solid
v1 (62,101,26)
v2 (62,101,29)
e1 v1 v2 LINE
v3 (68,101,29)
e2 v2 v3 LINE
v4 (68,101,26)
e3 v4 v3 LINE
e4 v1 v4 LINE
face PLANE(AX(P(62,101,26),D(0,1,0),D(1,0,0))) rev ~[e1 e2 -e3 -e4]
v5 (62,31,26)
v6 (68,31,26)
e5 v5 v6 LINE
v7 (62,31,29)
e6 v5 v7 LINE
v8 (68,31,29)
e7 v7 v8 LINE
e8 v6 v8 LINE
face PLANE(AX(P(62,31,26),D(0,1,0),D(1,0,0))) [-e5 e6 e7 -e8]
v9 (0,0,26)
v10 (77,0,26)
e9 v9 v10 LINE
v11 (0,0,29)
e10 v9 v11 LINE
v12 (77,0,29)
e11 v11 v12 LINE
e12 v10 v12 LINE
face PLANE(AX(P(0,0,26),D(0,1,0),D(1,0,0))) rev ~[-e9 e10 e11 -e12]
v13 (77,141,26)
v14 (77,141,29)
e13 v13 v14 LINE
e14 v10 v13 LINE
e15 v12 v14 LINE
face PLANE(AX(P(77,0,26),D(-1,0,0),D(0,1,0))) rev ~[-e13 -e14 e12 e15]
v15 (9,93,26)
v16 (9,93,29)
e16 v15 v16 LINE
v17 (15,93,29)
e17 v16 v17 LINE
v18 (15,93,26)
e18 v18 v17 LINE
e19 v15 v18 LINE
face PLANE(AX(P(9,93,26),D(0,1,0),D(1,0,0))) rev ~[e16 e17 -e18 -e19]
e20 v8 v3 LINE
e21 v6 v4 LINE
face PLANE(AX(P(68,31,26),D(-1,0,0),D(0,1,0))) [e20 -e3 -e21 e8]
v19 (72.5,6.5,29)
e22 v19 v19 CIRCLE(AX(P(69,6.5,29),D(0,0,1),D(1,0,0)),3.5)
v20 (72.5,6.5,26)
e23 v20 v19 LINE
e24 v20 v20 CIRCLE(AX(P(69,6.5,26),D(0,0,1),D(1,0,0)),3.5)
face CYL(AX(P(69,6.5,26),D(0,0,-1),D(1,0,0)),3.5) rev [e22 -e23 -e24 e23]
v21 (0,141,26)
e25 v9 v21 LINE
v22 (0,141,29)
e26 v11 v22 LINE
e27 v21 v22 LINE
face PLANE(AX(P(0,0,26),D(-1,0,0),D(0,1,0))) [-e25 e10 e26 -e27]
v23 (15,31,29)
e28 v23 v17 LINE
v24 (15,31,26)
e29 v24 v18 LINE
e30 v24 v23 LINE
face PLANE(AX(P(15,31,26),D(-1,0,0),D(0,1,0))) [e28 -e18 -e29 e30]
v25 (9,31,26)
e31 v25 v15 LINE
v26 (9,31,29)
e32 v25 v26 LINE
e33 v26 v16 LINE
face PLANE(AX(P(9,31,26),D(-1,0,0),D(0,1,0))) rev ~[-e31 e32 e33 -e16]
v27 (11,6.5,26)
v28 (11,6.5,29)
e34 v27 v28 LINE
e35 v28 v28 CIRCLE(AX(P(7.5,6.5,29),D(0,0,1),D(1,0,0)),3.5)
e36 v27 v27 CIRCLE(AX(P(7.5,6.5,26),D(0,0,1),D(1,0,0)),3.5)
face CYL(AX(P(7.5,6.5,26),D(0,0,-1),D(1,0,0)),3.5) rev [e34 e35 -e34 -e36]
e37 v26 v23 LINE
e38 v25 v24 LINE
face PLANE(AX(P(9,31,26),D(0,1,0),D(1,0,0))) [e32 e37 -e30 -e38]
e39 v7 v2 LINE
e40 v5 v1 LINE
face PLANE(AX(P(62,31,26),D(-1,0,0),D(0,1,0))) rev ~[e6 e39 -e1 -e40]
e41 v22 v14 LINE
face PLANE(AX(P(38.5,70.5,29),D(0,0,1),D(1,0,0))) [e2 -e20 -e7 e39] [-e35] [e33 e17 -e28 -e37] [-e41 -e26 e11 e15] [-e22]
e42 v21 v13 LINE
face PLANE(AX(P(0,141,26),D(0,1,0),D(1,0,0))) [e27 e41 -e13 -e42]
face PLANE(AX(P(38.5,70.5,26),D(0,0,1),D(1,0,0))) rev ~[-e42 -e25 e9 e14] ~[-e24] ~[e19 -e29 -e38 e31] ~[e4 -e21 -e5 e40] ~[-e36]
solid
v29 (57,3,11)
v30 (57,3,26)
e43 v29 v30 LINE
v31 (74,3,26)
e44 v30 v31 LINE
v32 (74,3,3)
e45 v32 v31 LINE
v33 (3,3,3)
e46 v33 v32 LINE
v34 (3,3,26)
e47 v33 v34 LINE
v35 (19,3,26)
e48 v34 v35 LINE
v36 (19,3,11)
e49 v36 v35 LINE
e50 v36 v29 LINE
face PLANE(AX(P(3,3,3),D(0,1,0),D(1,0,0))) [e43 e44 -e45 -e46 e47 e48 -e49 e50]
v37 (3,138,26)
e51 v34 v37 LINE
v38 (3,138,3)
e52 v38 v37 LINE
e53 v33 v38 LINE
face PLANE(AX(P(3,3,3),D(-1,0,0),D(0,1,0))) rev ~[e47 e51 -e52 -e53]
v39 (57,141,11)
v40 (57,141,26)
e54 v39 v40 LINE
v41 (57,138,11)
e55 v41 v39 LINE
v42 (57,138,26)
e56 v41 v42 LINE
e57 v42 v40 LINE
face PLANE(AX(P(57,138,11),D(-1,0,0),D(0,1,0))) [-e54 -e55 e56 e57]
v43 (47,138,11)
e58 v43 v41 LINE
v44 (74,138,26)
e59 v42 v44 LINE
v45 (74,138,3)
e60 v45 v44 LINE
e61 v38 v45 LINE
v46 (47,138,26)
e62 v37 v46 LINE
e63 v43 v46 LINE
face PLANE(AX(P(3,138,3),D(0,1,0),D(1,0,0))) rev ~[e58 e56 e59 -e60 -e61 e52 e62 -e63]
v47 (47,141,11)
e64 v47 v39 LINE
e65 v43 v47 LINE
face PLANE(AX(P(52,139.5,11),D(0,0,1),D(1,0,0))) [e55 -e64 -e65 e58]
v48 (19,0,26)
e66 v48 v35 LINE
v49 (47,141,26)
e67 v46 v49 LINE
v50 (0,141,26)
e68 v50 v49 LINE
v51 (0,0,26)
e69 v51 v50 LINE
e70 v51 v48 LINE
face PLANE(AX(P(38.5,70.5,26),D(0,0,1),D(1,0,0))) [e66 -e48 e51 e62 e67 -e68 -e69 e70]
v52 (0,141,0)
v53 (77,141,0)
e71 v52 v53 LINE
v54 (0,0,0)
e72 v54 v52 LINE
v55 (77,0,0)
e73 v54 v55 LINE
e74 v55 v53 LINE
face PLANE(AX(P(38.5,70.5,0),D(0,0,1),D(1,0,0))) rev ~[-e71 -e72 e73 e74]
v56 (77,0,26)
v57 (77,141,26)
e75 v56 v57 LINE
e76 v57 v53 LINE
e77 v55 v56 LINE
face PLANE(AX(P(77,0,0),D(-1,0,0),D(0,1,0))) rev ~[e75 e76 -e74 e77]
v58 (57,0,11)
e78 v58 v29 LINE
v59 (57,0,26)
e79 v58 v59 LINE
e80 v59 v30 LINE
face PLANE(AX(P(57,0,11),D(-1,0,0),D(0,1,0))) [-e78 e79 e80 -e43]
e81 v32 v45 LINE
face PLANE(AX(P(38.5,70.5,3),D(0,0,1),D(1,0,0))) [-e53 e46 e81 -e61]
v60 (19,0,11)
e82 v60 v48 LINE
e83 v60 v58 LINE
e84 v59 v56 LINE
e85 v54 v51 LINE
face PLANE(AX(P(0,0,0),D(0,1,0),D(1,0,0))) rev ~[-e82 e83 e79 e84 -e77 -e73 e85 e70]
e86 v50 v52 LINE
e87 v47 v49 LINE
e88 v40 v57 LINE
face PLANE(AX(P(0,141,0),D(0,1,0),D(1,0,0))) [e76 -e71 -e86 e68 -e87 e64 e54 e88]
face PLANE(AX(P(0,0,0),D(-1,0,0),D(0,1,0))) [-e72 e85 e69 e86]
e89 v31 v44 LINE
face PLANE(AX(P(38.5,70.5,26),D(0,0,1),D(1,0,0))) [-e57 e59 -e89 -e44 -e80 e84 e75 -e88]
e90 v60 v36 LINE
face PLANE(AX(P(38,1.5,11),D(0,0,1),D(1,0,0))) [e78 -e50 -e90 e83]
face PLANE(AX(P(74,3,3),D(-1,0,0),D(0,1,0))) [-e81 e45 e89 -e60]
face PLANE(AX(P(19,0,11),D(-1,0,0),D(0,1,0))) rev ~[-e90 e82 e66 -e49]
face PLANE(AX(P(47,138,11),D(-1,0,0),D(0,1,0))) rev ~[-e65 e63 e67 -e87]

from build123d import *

# Parameters (mm, degrees)
BOX004_W          = 10
BOX004_H          = 3
BOX004_DEPTH      = 15
BOX003_W          = 38
BOX003_H          = 3
BOX003_DEPTH      = 15
BOX002_W          = 77
BOX002_H          = 141
BOX002_DEPTH      = 3
BOX001_W          = 71
BOX001_H          = 135
BOX001_DEPTH      = 23
BOX_W             = 77
BOX_H             = 141
BOX_DEPTH         = 23
BOX007_W          = 6
BOX007_H          = 70
BOX007_DEPTH      = 3
BOX006_W          = 6
BOX006_H          = 62
BOX006_DEPTH      = 3
CYLINDER001_R     = 3.5
CYLINDER001_DEPTH = 3
CYLINDER_R        = 3.5
CYLINDER_DEPTH    = 3
BOX005_W          = 77
BOX005_H          = 141
BOX005_DEPTH      = 3


with BuildPart() as box004:
    # Box004 → Box004 (new body)
    with BuildSketch(Plane(origin=(47, 138, 11), x_dir=(1, 0, 0), z_dir=(0, 0, 1))):
        with Locations((5, 1.5)):
            Rectangle(BOX004_W, BOX004_H)
    extrude(amount=BOX004_DEPTH)


with BuildPart() as box003:
    # Box003 → Box003 (new body)
    with BuildSketch(Plane(origin=(19, 0, 11), x_dir=(1, 0, 0), z_dir=(0, 0, 1))):
        with Locations((19, 1.5)):
            Rectangle(BOX003_W, BOX003_H)
    extrude(amount=BOX003_DEPTH)


with BuildPart() as box002:
    # Box002 → Box002 (new body)
    with BuildSketch(Plane.XY):
        with Locations((38.5, 70.5)):
            Rectangle(BOX002_W, BOX002_H)
    extrude(amount=BOX002_DEPTH)


with BuildPart() as b:
    # Box001 → Box001 (new body)
    with BuildSketch(Plane(origin=(3, 3, 0), x_dir=(1, 0, 0), z_dir=(0, 0, 1))):
        with Locations((35.5, 67.5)):
            Rectangle(BOX001_W, BOX001_H)
    extrude(amount=BOX001_DEPTH)


with BuildPart() as carcasa:
    # Box → Box (new body)
    with BuildSketch(Plane.XY):
        with Locations((38.5, 70.5)):
            Rectangle(BOX_W, BOX_H)
    extrude(amount=BOX_DEPTH)

    # Cut: cut b
    add(b.part, mode=Mode.SUBTRACT)


with BuildPart() as carcasa_1:
    # Cut placement: moved
    add(carcasa.part.moved(Location((0, 0, 3))))

    # Fusion: union Box002
    add(box002.part)

    # Cut001: cut Box003
    add(box003.part, mode=Mode.SUBTRACT)

    # Cut002: cut Box004
    add(box004.part, mode=Mode.SUBTRACT)


with BuildPart() as rejilla2:
    # Box007 → Box007 (new body)
    with BuildSketch(Plane(origin=(62, 31, 26), x_dir=(1, 0, 0), z_dir=(0, 0, 1))):
        with Locations((3, 35)):
            Rectangle(BOX007_W, BOX007_H)
    extrude(amount=BOX007_DEPTH)


with BuildPart() as rejillas:
    # Box006 → Box006 (new body)
    with BuildSketch(Plane(origin=(9, 31, 26), x_dir=(1, 0, 0), z_dir=(0, 0, 1))):
        with Locations((3, 31)):
            Rectangle(BOX006_W, BOX006_H)
    extrude(amount=BOX006_DEPTH)

    # Fusion002: union rejilla2
    add(rejilla2.part)


with BuildPart() as switch2:
    # Cylinder001 → Cylinder001 (new body)
    with BuildSketch(Plane(origin=(69, 5.5, 26), x_dir=(1, 0, 0), z_dir=(0, 0, 1))):
        Circle(CYLINDER001_R)
    extrude(amount=CYLINDER001_DEPTH)


with BuildPart() as switches:
    # Cylinder → Cylinder (new body)
    with BuildSketch(Plane(origin=(7.5, 5.5, 26), x_dir=(1, 0, 0), z_dir=(0, 0, 1))):
        Circle(CYLINDER_R)
    extrude(amount=CYLINDER_DEPTH)

    # Fusion001: union switch2
    add(switch2.part)


with BuildPart() as switches_1:
    # Fusion001 placement: moved
    add(switches.part.moved(Location((0, 1, 0))))


with BuildPart() as tapa:
    # Box005 → Box005 (new body)
    with BuildSketch(Plane.XY.offset(26)):
        with Locations((38.5, 70.5)):
            Rectangle(BOX005_W, BOX005_H)
    extrude(amount=BOX005_DEPTH)

    # Cut003: cut switches
    add(switches_1.part, mode=Mode.SUBTRACT)

    # Cut004: cut rejillas
    add(rejillas.part, mode=Mode.SUBTRACT)


solid = Compound([carcasa_1.part, tapa.part])
